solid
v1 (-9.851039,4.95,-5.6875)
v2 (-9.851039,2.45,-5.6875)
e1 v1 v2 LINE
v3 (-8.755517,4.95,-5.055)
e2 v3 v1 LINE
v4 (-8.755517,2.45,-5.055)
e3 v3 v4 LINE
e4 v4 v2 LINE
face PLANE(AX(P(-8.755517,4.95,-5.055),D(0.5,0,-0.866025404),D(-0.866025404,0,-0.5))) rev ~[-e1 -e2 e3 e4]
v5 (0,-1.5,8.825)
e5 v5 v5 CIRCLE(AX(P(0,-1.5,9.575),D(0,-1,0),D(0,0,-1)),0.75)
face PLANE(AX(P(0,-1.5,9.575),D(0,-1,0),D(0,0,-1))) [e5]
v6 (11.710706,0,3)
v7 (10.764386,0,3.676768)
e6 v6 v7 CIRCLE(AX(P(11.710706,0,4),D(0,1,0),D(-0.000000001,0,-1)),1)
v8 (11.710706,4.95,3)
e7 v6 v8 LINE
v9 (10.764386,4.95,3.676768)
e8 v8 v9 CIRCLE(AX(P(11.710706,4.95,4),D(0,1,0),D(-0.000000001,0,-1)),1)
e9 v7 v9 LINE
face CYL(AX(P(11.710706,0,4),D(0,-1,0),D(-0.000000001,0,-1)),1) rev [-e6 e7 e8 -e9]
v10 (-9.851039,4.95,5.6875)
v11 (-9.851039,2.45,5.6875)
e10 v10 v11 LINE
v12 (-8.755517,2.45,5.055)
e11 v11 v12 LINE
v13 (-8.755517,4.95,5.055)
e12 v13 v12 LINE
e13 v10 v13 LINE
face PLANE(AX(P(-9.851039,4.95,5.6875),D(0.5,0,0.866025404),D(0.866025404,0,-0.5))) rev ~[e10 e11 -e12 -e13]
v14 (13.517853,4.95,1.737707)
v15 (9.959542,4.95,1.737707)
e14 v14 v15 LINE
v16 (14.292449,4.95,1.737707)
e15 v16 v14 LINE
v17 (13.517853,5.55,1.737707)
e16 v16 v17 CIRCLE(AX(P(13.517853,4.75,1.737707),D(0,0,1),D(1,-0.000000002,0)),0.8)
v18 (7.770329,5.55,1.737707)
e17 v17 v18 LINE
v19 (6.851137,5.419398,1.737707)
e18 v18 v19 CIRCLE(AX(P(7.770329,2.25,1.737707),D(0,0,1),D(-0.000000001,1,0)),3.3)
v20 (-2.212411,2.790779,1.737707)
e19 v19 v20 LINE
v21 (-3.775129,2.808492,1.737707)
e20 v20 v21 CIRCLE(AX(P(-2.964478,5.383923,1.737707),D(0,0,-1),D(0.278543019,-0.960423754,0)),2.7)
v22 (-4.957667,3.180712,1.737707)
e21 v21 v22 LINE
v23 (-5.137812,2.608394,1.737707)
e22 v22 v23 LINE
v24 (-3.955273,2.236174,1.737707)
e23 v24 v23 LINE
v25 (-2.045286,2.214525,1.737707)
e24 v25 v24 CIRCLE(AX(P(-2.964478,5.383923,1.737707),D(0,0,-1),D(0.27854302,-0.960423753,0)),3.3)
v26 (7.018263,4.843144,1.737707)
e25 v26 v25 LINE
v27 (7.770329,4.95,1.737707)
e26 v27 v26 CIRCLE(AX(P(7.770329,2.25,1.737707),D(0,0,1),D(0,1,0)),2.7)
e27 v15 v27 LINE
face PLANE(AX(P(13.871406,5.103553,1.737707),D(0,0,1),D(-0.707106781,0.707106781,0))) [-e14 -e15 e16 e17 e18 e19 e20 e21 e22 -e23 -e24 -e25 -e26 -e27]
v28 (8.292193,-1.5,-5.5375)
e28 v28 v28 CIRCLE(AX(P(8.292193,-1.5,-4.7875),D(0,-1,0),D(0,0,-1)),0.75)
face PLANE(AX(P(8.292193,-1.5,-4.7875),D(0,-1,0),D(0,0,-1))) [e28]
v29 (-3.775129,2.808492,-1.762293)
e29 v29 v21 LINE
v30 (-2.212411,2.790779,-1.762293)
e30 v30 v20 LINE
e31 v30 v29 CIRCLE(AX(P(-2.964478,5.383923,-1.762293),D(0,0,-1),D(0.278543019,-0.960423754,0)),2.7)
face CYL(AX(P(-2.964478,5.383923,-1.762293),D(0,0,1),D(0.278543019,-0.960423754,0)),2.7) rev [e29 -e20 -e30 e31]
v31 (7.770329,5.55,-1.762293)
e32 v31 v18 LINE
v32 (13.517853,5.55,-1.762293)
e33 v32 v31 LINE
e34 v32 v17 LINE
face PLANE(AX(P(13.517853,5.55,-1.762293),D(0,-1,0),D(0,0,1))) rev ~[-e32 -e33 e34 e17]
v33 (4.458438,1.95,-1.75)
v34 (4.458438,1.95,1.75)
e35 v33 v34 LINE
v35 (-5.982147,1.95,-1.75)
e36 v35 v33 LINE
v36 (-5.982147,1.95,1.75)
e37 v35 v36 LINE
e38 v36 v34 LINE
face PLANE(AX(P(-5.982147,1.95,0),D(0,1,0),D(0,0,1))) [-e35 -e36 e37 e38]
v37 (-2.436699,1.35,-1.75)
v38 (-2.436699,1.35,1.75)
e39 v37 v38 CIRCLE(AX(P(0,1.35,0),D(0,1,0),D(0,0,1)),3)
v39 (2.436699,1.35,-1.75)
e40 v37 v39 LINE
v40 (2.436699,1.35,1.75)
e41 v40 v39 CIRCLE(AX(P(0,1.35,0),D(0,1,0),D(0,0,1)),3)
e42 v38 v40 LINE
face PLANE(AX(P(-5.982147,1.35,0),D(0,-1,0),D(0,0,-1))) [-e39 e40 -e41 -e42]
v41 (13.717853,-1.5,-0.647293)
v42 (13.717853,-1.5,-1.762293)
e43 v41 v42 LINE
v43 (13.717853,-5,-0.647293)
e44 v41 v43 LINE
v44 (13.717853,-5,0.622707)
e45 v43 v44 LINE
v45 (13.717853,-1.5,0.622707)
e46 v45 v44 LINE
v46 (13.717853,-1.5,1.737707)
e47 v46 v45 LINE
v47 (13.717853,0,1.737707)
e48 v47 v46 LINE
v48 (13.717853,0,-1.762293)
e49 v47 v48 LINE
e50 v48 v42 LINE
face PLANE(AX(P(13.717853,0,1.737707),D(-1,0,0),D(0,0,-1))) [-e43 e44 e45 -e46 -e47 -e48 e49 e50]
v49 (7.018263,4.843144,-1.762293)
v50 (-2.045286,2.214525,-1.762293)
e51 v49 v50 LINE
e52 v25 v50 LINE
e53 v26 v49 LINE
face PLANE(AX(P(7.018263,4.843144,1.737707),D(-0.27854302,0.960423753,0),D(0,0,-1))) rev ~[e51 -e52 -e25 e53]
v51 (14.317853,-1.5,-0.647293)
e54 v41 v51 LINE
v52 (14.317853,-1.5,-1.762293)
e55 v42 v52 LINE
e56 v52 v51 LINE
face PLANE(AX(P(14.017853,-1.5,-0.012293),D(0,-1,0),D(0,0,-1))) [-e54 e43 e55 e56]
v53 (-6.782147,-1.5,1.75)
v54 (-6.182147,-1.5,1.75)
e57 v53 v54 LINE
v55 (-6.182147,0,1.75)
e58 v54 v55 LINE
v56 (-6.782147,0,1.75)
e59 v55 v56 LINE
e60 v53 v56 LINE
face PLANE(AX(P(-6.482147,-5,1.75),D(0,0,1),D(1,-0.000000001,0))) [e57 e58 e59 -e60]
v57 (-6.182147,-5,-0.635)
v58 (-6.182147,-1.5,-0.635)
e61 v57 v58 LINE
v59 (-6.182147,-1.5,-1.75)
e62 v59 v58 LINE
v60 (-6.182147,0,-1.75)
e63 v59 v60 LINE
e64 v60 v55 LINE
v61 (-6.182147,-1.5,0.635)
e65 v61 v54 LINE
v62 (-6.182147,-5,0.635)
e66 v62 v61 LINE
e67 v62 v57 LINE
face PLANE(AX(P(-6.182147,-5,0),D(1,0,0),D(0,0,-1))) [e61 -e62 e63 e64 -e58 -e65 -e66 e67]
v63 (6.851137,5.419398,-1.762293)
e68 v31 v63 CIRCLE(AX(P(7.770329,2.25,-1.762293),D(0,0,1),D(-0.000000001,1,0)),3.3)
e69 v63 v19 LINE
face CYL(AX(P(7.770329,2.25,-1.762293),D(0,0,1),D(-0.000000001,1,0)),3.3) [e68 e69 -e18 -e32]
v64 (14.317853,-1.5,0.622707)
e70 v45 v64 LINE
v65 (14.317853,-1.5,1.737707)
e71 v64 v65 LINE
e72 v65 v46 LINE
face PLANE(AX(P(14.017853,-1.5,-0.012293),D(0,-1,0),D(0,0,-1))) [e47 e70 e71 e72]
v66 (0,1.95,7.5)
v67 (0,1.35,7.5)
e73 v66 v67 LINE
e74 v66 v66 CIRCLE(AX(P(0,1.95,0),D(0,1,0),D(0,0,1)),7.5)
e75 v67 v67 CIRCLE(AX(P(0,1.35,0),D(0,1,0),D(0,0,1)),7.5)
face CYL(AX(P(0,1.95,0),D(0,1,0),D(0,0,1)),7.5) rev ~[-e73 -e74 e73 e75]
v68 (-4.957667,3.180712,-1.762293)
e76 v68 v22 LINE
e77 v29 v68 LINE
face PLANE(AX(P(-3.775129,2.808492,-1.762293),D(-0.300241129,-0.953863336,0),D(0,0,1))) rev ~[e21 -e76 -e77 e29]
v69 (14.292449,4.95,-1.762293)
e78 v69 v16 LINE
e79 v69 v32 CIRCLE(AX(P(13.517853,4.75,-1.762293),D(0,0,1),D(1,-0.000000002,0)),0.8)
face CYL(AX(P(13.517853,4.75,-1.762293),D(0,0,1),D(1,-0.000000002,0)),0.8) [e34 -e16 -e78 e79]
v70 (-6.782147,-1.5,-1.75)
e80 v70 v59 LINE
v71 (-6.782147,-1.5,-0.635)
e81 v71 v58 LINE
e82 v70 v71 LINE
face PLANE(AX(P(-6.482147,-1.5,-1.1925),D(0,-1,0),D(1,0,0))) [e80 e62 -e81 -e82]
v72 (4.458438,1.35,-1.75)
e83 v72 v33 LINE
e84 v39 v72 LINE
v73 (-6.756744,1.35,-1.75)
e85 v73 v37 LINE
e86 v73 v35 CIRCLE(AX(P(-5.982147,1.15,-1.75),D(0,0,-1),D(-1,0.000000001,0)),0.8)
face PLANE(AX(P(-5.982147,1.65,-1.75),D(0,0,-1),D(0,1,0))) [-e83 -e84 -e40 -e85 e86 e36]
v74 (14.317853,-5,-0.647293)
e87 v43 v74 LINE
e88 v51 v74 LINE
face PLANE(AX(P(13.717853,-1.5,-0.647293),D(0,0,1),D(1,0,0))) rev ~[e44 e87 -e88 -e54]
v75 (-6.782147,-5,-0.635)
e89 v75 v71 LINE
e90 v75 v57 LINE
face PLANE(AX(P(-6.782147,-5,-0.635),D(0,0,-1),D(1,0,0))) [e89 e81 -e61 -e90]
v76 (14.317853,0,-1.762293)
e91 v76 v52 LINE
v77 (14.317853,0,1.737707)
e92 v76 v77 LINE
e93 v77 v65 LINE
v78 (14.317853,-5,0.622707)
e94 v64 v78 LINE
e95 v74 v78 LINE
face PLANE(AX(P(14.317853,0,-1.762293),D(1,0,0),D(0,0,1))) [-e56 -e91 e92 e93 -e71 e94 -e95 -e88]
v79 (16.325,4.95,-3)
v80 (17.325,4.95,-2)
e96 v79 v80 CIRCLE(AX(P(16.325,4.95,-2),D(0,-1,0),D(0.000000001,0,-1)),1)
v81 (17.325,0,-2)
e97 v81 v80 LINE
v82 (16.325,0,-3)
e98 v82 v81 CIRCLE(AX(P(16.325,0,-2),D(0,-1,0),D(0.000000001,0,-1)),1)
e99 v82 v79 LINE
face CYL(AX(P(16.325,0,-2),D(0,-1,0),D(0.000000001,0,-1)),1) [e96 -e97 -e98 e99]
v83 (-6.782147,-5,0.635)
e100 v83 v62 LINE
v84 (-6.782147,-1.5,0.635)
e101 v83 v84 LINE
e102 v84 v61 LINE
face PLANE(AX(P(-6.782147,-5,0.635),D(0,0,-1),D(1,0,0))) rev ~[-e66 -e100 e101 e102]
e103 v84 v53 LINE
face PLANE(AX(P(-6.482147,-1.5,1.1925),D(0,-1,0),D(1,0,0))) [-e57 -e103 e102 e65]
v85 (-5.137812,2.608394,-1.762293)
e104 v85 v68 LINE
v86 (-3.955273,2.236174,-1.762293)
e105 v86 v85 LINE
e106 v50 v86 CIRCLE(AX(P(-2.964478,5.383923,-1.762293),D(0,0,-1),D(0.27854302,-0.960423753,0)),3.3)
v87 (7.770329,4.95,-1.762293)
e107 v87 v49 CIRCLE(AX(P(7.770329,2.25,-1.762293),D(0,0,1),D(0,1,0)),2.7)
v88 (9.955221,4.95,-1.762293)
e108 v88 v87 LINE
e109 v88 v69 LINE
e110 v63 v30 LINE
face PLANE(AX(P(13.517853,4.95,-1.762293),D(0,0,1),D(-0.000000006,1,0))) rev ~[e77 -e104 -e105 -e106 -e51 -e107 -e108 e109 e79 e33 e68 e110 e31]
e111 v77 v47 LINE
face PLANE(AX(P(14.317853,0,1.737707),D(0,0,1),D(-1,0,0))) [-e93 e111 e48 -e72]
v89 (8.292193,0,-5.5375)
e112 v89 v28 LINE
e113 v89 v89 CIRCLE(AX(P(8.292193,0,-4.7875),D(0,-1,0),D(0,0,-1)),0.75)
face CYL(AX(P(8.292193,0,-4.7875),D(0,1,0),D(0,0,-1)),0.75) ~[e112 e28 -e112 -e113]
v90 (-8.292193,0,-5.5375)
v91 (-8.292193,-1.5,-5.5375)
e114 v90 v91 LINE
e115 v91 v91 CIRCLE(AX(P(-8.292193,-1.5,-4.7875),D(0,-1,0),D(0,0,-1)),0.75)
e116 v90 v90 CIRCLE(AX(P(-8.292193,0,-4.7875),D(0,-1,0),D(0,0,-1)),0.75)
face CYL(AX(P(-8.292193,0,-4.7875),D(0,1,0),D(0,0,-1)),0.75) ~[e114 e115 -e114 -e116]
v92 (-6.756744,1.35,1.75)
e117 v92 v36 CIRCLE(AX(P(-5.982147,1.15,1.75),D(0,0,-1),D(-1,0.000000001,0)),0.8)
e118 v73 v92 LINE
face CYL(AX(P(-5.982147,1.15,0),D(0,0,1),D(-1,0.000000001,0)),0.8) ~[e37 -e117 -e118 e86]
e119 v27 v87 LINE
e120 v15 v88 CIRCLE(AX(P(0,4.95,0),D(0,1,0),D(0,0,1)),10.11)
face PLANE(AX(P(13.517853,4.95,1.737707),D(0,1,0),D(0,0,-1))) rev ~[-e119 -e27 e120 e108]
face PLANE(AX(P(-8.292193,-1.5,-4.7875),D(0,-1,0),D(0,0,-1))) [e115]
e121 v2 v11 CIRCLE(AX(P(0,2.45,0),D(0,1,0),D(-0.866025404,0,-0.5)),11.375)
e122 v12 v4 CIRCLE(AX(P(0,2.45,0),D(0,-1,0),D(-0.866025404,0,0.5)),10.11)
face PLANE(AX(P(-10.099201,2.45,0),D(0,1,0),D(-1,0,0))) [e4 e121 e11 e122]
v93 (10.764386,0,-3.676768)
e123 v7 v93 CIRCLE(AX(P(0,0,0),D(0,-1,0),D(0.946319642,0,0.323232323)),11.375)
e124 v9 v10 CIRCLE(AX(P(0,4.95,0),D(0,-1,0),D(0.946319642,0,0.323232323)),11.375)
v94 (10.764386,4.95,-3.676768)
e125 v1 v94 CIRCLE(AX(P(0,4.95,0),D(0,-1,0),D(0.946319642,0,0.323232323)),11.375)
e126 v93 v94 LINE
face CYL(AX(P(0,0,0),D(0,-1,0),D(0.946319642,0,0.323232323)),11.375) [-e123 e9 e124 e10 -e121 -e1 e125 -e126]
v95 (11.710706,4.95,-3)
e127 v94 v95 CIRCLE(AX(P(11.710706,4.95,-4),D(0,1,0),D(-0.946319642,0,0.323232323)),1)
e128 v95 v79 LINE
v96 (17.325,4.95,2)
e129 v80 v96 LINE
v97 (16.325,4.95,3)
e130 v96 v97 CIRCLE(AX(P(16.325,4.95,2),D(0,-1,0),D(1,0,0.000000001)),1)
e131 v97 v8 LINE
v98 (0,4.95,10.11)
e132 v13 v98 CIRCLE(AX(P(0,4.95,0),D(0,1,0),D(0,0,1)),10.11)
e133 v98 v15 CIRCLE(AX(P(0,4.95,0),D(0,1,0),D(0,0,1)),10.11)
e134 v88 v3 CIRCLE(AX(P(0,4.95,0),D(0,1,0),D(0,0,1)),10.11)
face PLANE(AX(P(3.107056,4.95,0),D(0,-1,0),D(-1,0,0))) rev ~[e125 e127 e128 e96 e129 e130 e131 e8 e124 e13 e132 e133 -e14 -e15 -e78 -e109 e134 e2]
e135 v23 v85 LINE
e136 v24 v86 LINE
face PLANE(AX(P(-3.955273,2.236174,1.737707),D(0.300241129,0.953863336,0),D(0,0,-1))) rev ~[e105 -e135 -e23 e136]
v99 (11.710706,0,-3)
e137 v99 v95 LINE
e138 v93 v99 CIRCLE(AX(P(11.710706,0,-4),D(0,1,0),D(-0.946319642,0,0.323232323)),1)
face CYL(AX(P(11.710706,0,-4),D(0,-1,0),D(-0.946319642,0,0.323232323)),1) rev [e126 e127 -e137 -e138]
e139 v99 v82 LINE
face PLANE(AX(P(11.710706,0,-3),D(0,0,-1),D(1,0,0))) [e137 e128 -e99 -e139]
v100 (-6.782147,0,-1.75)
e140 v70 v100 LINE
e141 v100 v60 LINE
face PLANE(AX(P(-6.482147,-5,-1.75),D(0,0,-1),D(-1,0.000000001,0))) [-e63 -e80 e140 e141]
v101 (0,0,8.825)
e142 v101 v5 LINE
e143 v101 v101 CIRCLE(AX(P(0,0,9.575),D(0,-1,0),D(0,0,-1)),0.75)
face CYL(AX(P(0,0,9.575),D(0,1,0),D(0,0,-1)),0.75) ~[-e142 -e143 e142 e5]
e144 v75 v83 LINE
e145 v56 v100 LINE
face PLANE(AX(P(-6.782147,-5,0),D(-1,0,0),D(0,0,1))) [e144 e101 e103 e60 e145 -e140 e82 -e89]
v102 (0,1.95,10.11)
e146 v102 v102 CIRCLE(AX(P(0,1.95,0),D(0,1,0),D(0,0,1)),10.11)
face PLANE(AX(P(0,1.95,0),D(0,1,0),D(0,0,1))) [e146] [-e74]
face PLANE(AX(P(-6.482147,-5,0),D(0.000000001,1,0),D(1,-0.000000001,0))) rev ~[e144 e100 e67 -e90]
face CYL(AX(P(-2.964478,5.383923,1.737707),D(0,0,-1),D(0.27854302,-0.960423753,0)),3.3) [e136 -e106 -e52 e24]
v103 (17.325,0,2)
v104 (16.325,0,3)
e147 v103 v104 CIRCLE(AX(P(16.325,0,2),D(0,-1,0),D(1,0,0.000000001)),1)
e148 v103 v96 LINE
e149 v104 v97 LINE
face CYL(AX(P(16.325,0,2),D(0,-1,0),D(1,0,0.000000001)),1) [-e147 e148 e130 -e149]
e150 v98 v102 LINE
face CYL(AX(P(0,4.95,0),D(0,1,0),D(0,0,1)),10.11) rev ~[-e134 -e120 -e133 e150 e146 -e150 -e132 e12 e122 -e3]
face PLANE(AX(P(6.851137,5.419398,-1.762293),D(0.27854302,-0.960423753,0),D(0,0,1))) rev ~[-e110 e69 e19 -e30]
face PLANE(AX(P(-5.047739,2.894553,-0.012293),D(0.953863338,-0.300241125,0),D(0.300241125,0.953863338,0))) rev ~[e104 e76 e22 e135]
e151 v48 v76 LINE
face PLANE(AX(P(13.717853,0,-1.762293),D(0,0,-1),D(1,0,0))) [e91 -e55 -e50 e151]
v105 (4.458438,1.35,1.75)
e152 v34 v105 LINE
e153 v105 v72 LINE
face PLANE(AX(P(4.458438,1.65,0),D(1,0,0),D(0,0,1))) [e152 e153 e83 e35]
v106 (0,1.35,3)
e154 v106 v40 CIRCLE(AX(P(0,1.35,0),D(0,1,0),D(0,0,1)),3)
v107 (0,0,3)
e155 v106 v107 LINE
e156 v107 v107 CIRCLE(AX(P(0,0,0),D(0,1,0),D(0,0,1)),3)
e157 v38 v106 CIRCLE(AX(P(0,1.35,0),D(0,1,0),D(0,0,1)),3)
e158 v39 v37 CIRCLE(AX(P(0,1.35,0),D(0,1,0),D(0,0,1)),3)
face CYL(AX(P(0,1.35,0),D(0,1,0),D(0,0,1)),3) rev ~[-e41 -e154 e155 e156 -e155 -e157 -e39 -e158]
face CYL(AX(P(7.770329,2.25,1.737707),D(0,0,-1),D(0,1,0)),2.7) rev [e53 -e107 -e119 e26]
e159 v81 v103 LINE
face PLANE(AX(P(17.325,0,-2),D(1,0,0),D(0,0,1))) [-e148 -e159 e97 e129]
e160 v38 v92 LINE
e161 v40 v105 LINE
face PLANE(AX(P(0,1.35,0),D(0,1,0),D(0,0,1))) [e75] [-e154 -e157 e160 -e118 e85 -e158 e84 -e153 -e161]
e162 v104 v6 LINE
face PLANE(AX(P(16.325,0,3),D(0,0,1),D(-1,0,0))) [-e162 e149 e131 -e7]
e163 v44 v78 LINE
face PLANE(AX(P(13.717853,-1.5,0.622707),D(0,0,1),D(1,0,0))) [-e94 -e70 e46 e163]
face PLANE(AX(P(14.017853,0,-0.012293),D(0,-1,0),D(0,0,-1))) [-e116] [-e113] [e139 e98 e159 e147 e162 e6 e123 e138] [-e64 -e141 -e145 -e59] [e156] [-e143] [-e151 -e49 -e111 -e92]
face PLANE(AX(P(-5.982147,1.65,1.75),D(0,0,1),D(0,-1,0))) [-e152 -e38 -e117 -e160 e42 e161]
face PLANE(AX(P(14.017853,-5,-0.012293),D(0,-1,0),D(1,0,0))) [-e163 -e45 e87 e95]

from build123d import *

# Parameters (mm, degrees)
EXTRUDE_1_DEPTH     = 4.95
SKETCH_2_R          = 10.11
CUT_EXTRUDE_1_DEPTH = 3
CUT_EXTRUDE_2_DEPTH = 2.5
SKETCH_4_R          = 7.5
CUT_EXTRUDE_3_DEPTH = 0.6
CUT_EXTRUDE_4_REACH = 23.036
SKETCH_5_R          = 3
SKETCH_8_W          = 3.5
SKETCH_8_H          = 0.6
SKETCH_9_R          = 0.75
EXTRUDE_2_DEPTH     = 1.5
SKETCH_10_W         = 0.6
SKETCH_10_H         = 1.115
CUT_EXTRUDE_5_DEPTH = 3.5
SKETCH_16_W         = 0.6
SKETCH_16_H         = 1.27
EXTRUDE_3_DEPTH     = 3.5


with BuildPart() as part:
    # Эскиз1 → Вытянуть1 (new body)
    with BuildSketch(Plane(origin=(0, 0, 0), x_dir=(1, 0, 0), z_dir=(0, 1, 0))):
        with BuildLine():
            Line((11.710705572, 3), (16.325, 3))
            ThreePointArc((16.325, 3), (17.032106781, 2.707106781), (17.325, 2))
            Line((17.325, 2), (17.325, -2))
            ThreePointArc((17.325, -2), (17.032106781, -2.707106781), (16.325, -3))
            Line((16.325, -3), (11.710705572, -3))
            ThreePointArc((11.710705572, -3), (11.128997881, -3.186602089), (10.76438593, -3.676767677))
            ThreePointArc((10.76438593, -3.676767677), (-11.375, 0), (10.76438593, 3.676767677))
            ThreePointArc((10.76438593, 3.676767677), (11.128997881, 3.186602089), (11.710705572, 3))
        make_face()
    extrude(amount=EXTRUDE_1_DEPTH)

    # Эскиз2 → Вырез-Вытянуть1 (cut)
    with BuildSketch(Plane(origin=(0, 4.95, 0), x_dir=(-1, 0, 0), z_dir=(0, 1, 0))):
        Circle(SKETCH_2_R)
    extrude(amount=-CUT_EXTRUDE_1_DEPTH, mode=Mode.SUBTRACT)

    # Эскиз3 → Вырез-Вытянуть2 (cut)
    with BuildSketch(Plane(origin=(0, 4.95, 0), x_dir=(-1, 0, 0), z_dir=(0, 1, 0))):
        with BuildLine():
            Line((8.755516832, -5.055), (9.851038968, -5.6875))
            ThreePointArc((9.851038968, -5.6875), (11.375, 0), (9.851038968, 5.6875))
            Line((9.851038968, 5.6875), (8.755516832, 5.055))
            ThreePointArc((8.755516832, 5.055), (10.11, 0), (8.755516832, -5.055))
        make_face()
    extrude(amount=-CUT_EXTRUDE_2_DEPTH, mode=Mode.SUBTRACT)

    # Эскиз4 → Вырез-Вытянуть3 (cut)
    with BuildSketch(Plane(origin=(0, 1.95, 0), x_dir=(-1, 0, 0), z_dir=(0, 1, 0))):
        Circle(SKETCH_4_R)
    extrude(amount=-CUT_EXTRUDE_3_DEPTH, mode=Mode.SUBTRACT)

    # Эскиз5 → Вырез-Вытянуть4 (cut, up to next)
    with BuildSketch(Plane(origin=(0, 1.35, 0), x_dir=(-1, 0, 0), z_dir=(0, 1, 0)), mode=Mode.PRIVATE) as cut_extrude_4_sk1:
        Circle(SKETCH_5_R)
    cut_extrude_4_tool1 = extrude(cut_extrude_4_sk1.sketch, amount=-CUT_EXTRUDE_4_REACH, mode=Mode.PRIVATE) & part.part
    add(cut_extrude_4_tool1.solids().sort_by_distance((0, 1.35, 0))[0], mode=Mode.SUBTRACT)

    # По траектории2: sweep along a path in Эскиз7
    with BuildLine(Plane.XY) as sweep_2_path:
        Line((-6.482147214, -5), (-6.482147214, 1.15))
        ThreePointArc((-6.482147214, 1.15), (-6.335700604, 1.503553391), (-5.982147214, 1.65))
        Line((-5.982147214, 1.65), (4.458438225, 1.65))
    # Эскиз8 → По траектории2 (sweep)
    with BuildSketch(Plane(origin=(4.458438225, 0, 0), x_dir=(0, 0, -1), z_dir=(1, 0, 0))):
        with Locations((0, 1.65)):
            Rectangle(SKETCH_8_W, SKETCH_8_H)
    sweep(path=sweep_2_path.line)

    # Эскиз9 → Вытянуть2 (add)
    with BuildSketch(Plane.XZ):
        with Locations((0, 9.575)):
            Circle(SKETCH_9_R)
        with Locations((8.292193241, -4.7875)):
            Circle(SKETCH_9_R)
        with Locations((-8.292193241, -4.7875)):
            Circle(SKETCH_9_R)
    extrude(amount=EXTRUDE_2_DEPTH)

    # Эскиз10 → Вырез-Вытянуть5 (cut)
    with BuildSketch(Plane.XZ.offset(5)):
        with Locations((-6.482147214, 1.1925)):
            Rectangle(SKETCH_10_W, SKETCH_10_H)
        with Locations((-6.482147214, -1.1925)):
            Rectangle(SKETCH_10_W, SKETCH_10_H)
    extrude(amount=-CUT_EXTRUDE_5_DEPTH, mode=Mode.SUBTRACT)

    # По траектории3: sweep along a path in Эскиз12
    with BuildLine(Plane.XY) as sweep_3_path:
        Line((14.017852786, 0), (14.017852786, 4.75))
        ThreePointArc((14.017852786, 4.75), (13.871406177, 5.103553391), (13.517852786, 5.25))
        Line((13.517852786, 5.25), (7.770329112, 5.25))
        ThreePointArc((7.770329112, 5.25), (7.348318318, 5.220169505), (6.934700052, 5.13127126))
        Line((6.934700052, 5.13127126), (-2.128848466, 2.502652205))
        ThreePointArc((-2.128848466, 2.502652205), (-2.998479817, 2.384116164), (-3.865200914, 2.522333456))
        Line((-3.865200914, 2.522333456), (-5.047739274, 2.89455308))
    # Эскиз14 → По траектории3 (sweep)
    with BuildSketch(Plane.XZ):
        Polygon((14.317852786, -1.76229338), (14.317852786, 1.73770662), (14.017852786, 1.73770662), (13.717852786, 1.73770662), (13.717852786, -1.76229338), (14.017852786, -1.76229338), align=None)
    sweep(path=sweep_3_path.line)

    # По траектории4: sweep along a path in Эскиз15
    with BuildLine(Plane.XY) as sweep_4_path:
        Line((14.017852786, 0), (14.017852786, -1.5))
    # Эскиз14<3> → По траектории4 (sweep)
    with BuildSketch(Plane.XZ):
        Polygon((14.317852786, -1.76229338), (14.317852786, 1.73770662), (14.017852786, 1.73770662), (13.717852786, 1.73770662), (13.717852786, -1.76229338), (14.017852786, -1.76229338), align=None)
    sweep(path=sweep_4_path.line)

    # Эскиз16 → Вытянуть3 (add)
    with BuildSketch(Plane.XZ.offset(1.5)):
        with Locations((14.017852786, -0.01229338)):
            Rectangle(SKETCH_16_W, SKETCH_16_H)
    extrude(amount=EXTRUDE_3_DEPTH)


solid = part.part
